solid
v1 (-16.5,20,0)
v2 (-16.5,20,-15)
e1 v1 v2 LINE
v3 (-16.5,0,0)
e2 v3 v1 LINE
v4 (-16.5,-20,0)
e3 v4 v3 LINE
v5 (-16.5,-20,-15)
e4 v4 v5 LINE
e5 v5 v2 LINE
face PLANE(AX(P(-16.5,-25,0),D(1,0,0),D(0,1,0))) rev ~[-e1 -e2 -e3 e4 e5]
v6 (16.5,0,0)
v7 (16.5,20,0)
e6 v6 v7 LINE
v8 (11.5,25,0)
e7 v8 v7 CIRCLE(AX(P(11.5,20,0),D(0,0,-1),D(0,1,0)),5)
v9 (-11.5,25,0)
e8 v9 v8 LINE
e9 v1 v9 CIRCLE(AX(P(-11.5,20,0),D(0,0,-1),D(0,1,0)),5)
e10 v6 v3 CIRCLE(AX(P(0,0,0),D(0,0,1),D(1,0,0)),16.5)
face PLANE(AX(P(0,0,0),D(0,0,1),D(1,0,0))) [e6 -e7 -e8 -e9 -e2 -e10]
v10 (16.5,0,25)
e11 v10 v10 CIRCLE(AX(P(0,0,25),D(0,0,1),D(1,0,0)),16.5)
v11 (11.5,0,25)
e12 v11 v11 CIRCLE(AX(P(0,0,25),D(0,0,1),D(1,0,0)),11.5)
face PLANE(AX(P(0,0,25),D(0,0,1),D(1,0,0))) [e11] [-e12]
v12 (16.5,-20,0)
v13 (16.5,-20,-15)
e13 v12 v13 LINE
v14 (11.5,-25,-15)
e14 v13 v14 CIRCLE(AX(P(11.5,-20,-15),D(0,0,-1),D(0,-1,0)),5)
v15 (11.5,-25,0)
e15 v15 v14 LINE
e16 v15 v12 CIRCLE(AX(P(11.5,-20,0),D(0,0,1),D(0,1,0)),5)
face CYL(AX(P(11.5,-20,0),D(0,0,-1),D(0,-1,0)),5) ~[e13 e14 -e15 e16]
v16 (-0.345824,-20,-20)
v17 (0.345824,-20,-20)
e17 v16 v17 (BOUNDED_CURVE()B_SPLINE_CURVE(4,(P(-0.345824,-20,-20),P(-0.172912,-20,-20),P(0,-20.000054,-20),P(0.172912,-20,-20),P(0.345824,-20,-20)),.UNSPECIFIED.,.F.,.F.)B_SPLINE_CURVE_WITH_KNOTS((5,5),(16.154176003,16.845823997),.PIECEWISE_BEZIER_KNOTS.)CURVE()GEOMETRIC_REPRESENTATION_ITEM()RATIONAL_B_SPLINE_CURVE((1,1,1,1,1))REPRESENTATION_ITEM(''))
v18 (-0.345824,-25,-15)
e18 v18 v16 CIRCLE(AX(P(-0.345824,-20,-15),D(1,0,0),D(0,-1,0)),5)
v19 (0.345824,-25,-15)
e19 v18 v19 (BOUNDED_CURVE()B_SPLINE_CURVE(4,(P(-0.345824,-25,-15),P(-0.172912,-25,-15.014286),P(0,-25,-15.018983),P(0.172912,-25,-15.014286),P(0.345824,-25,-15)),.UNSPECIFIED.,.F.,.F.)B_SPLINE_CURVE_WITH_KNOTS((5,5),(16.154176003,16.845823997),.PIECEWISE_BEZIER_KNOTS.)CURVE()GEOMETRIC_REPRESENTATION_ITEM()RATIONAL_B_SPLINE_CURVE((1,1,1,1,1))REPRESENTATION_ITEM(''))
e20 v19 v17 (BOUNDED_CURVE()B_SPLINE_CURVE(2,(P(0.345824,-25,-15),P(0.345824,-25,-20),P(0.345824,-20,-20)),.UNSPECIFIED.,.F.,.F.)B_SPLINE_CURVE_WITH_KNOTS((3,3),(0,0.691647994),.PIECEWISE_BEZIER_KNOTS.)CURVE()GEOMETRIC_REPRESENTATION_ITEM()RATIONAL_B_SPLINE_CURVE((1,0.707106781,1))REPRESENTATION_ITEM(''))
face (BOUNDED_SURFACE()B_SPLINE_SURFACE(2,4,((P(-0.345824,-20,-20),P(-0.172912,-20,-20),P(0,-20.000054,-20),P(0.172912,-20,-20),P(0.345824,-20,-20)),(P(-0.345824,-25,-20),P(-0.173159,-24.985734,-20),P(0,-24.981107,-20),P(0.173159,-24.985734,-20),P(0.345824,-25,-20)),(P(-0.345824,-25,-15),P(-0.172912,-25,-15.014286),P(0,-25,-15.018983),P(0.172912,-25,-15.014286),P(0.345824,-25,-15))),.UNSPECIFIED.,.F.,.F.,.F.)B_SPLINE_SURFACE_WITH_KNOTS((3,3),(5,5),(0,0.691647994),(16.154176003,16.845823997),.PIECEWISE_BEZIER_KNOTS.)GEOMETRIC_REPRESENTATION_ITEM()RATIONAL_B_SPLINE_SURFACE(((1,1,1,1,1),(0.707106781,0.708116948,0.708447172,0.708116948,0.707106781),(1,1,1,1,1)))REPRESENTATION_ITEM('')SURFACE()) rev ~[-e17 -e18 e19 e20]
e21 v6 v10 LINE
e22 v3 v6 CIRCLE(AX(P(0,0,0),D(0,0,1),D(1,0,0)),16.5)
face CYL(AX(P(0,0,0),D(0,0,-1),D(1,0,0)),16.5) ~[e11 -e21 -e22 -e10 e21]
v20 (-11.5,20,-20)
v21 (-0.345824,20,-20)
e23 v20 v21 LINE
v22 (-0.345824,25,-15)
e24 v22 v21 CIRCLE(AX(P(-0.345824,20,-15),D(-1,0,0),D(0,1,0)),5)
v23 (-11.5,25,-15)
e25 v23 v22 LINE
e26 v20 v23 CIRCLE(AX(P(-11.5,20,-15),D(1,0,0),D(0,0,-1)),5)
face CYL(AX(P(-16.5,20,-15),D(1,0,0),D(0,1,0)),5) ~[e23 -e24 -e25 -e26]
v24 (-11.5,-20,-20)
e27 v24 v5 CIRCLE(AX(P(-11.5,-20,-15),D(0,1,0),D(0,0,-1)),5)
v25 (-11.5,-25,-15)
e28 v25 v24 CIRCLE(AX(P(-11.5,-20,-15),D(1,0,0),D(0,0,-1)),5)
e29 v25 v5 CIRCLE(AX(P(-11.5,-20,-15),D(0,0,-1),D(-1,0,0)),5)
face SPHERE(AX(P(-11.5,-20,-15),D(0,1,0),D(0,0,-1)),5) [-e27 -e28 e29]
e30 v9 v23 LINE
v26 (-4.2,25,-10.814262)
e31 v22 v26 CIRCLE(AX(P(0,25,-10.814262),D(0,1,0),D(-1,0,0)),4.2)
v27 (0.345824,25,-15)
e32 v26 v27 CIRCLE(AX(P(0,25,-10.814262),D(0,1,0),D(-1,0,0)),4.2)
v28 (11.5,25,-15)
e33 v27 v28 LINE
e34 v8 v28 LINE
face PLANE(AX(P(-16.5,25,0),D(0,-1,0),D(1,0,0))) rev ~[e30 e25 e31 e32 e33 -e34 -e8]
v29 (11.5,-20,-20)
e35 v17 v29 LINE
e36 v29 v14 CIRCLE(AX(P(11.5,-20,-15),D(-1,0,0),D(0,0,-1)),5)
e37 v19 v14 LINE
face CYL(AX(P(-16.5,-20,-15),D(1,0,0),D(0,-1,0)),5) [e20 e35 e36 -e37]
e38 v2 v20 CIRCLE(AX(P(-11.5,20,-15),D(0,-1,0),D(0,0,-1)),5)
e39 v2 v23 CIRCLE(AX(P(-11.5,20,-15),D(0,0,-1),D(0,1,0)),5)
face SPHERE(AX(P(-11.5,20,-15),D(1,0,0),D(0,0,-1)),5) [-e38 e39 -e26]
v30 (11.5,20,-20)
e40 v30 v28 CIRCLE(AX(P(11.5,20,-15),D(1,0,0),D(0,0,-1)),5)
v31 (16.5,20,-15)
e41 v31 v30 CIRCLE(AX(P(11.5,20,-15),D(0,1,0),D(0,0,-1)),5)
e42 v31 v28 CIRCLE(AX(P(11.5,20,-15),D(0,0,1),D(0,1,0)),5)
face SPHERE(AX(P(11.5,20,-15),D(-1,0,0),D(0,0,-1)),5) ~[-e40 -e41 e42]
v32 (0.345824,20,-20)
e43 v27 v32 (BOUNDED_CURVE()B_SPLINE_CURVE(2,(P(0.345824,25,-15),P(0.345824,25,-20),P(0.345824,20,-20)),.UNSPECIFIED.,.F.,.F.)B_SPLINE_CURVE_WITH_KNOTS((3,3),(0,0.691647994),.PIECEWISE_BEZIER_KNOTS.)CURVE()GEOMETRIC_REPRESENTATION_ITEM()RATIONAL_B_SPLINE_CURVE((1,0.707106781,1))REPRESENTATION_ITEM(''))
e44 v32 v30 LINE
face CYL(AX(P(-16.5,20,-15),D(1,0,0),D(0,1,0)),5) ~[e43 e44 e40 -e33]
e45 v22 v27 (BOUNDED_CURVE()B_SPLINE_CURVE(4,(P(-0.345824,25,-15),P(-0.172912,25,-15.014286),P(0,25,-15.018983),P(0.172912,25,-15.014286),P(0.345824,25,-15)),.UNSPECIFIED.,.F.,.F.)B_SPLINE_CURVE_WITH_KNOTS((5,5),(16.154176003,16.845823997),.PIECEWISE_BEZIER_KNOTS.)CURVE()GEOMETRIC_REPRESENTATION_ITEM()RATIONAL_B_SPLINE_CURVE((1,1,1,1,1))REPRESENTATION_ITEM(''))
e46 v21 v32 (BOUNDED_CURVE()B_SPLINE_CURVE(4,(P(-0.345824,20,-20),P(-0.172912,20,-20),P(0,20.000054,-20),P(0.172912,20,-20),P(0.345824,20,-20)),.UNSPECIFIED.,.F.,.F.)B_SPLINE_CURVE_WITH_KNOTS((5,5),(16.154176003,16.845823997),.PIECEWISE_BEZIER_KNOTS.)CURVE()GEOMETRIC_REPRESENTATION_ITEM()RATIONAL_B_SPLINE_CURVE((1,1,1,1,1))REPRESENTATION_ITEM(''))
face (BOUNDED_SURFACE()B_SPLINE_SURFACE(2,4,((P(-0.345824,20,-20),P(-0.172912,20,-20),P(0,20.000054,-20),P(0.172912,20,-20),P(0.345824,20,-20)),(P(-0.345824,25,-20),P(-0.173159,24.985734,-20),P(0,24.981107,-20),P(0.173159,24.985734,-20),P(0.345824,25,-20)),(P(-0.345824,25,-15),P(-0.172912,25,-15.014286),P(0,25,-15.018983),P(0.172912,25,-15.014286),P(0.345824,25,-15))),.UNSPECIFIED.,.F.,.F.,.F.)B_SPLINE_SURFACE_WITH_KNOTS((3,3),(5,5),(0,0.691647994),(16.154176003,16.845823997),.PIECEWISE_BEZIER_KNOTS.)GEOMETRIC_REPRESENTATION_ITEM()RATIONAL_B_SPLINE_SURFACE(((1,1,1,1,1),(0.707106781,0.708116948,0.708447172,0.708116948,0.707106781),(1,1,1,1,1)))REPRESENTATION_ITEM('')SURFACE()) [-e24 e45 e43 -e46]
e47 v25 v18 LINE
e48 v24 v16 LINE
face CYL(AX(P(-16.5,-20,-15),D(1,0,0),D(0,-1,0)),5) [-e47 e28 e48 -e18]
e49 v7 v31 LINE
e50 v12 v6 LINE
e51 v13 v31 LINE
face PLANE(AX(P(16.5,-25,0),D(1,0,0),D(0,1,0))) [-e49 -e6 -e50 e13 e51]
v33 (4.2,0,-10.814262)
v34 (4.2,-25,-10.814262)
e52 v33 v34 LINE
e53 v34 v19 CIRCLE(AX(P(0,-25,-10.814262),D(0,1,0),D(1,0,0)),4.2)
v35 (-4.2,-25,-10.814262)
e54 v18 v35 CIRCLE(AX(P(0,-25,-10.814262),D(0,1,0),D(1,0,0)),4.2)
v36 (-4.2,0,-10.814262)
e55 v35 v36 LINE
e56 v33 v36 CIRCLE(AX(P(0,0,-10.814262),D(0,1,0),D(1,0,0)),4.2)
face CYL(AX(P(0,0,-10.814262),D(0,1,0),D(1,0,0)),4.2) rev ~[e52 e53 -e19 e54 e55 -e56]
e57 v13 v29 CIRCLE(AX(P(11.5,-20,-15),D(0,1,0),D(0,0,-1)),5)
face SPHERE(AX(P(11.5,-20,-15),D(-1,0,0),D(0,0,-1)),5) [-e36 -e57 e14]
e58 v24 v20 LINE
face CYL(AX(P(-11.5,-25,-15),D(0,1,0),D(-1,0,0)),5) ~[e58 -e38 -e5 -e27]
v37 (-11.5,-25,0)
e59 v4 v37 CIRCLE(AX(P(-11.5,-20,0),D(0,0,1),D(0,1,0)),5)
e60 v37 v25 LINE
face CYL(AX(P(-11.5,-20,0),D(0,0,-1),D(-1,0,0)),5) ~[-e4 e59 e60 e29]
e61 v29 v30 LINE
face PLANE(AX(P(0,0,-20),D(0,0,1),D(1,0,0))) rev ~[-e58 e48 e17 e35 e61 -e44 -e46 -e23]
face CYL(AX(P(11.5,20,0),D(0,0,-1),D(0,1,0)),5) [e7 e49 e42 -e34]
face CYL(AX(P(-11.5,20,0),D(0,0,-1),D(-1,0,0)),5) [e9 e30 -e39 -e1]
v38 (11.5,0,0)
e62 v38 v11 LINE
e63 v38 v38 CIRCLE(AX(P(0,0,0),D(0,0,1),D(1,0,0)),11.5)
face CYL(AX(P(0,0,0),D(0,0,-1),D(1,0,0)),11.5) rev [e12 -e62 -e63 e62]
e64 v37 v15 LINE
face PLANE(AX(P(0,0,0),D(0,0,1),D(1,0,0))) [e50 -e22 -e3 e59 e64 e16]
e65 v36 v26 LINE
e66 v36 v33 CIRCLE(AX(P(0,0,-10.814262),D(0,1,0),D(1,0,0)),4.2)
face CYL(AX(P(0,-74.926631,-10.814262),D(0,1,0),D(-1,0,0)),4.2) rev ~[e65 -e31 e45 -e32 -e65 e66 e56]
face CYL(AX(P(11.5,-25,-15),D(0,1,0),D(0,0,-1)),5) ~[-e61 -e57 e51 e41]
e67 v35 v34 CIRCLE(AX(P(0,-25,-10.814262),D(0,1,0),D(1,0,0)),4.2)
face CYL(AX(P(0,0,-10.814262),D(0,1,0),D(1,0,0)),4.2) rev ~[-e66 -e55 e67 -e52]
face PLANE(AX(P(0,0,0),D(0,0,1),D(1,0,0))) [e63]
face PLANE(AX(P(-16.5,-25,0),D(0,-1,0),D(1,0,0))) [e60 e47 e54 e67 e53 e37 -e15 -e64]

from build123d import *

# Parameters (mm, degrees)
F0_R     = 16.5
F0_R_2   = 11.5
F1_DEPTH = 25
F2_W     = 33
F2_H     = 50
F3_DEPTH = 20
F5_D     = 8.4
F5_DEPTH = 25.001
F6_D     = 8.4
F7_R     = 5


with BuildPart() as f1:
    # F0 (on Top) → F1 (new body)
    with BuildSketch(Plane.XY):
        Circle(F0_R)
        Circle(F0_R_2, mode=Mode.SUBTRACT)
    extrude(amount=F1_DEPTH)

    # F2 (on Top) → F3 (join)
    with BuildSketch(Plane.XY):
        Rectangle(F2_W, F2_H)
    extrude(amount=-F3_DEPTH)

    # F5 (through all, one way)
    with BuildSketch(Plane(origin=(0, 0, 0), x_dir=(1, 0, 0), z_dir=(0, 1, 0))):
        with Locations((0, 10.8142616227)):
            Circle(F5_D / 2)
    extrude(amount=-F5_DEPTH, mode=Mode.SUBTRACT)

    # F6 (through all)
    with Locations(Plane.XZ):
        with Locations((0, -10.8142616227)):
            Hole(F6_D / 2)

    # F7
    f7_edges = [f1.edges().sort_by_distance(p)[0] for p in [
        (0, 25, -20),
        (-16.5, 0, -20),
        (0, -25, -20),
        (16.5, 0, -20),
        (-16.5, 25, -10),
        (16.5, 25, -10),
        (16.5, -25, -10),
        (-16.5, -25, -10),
    ]]
    fillet(f7_edges, radius=F7_R)


solid = f1.part
